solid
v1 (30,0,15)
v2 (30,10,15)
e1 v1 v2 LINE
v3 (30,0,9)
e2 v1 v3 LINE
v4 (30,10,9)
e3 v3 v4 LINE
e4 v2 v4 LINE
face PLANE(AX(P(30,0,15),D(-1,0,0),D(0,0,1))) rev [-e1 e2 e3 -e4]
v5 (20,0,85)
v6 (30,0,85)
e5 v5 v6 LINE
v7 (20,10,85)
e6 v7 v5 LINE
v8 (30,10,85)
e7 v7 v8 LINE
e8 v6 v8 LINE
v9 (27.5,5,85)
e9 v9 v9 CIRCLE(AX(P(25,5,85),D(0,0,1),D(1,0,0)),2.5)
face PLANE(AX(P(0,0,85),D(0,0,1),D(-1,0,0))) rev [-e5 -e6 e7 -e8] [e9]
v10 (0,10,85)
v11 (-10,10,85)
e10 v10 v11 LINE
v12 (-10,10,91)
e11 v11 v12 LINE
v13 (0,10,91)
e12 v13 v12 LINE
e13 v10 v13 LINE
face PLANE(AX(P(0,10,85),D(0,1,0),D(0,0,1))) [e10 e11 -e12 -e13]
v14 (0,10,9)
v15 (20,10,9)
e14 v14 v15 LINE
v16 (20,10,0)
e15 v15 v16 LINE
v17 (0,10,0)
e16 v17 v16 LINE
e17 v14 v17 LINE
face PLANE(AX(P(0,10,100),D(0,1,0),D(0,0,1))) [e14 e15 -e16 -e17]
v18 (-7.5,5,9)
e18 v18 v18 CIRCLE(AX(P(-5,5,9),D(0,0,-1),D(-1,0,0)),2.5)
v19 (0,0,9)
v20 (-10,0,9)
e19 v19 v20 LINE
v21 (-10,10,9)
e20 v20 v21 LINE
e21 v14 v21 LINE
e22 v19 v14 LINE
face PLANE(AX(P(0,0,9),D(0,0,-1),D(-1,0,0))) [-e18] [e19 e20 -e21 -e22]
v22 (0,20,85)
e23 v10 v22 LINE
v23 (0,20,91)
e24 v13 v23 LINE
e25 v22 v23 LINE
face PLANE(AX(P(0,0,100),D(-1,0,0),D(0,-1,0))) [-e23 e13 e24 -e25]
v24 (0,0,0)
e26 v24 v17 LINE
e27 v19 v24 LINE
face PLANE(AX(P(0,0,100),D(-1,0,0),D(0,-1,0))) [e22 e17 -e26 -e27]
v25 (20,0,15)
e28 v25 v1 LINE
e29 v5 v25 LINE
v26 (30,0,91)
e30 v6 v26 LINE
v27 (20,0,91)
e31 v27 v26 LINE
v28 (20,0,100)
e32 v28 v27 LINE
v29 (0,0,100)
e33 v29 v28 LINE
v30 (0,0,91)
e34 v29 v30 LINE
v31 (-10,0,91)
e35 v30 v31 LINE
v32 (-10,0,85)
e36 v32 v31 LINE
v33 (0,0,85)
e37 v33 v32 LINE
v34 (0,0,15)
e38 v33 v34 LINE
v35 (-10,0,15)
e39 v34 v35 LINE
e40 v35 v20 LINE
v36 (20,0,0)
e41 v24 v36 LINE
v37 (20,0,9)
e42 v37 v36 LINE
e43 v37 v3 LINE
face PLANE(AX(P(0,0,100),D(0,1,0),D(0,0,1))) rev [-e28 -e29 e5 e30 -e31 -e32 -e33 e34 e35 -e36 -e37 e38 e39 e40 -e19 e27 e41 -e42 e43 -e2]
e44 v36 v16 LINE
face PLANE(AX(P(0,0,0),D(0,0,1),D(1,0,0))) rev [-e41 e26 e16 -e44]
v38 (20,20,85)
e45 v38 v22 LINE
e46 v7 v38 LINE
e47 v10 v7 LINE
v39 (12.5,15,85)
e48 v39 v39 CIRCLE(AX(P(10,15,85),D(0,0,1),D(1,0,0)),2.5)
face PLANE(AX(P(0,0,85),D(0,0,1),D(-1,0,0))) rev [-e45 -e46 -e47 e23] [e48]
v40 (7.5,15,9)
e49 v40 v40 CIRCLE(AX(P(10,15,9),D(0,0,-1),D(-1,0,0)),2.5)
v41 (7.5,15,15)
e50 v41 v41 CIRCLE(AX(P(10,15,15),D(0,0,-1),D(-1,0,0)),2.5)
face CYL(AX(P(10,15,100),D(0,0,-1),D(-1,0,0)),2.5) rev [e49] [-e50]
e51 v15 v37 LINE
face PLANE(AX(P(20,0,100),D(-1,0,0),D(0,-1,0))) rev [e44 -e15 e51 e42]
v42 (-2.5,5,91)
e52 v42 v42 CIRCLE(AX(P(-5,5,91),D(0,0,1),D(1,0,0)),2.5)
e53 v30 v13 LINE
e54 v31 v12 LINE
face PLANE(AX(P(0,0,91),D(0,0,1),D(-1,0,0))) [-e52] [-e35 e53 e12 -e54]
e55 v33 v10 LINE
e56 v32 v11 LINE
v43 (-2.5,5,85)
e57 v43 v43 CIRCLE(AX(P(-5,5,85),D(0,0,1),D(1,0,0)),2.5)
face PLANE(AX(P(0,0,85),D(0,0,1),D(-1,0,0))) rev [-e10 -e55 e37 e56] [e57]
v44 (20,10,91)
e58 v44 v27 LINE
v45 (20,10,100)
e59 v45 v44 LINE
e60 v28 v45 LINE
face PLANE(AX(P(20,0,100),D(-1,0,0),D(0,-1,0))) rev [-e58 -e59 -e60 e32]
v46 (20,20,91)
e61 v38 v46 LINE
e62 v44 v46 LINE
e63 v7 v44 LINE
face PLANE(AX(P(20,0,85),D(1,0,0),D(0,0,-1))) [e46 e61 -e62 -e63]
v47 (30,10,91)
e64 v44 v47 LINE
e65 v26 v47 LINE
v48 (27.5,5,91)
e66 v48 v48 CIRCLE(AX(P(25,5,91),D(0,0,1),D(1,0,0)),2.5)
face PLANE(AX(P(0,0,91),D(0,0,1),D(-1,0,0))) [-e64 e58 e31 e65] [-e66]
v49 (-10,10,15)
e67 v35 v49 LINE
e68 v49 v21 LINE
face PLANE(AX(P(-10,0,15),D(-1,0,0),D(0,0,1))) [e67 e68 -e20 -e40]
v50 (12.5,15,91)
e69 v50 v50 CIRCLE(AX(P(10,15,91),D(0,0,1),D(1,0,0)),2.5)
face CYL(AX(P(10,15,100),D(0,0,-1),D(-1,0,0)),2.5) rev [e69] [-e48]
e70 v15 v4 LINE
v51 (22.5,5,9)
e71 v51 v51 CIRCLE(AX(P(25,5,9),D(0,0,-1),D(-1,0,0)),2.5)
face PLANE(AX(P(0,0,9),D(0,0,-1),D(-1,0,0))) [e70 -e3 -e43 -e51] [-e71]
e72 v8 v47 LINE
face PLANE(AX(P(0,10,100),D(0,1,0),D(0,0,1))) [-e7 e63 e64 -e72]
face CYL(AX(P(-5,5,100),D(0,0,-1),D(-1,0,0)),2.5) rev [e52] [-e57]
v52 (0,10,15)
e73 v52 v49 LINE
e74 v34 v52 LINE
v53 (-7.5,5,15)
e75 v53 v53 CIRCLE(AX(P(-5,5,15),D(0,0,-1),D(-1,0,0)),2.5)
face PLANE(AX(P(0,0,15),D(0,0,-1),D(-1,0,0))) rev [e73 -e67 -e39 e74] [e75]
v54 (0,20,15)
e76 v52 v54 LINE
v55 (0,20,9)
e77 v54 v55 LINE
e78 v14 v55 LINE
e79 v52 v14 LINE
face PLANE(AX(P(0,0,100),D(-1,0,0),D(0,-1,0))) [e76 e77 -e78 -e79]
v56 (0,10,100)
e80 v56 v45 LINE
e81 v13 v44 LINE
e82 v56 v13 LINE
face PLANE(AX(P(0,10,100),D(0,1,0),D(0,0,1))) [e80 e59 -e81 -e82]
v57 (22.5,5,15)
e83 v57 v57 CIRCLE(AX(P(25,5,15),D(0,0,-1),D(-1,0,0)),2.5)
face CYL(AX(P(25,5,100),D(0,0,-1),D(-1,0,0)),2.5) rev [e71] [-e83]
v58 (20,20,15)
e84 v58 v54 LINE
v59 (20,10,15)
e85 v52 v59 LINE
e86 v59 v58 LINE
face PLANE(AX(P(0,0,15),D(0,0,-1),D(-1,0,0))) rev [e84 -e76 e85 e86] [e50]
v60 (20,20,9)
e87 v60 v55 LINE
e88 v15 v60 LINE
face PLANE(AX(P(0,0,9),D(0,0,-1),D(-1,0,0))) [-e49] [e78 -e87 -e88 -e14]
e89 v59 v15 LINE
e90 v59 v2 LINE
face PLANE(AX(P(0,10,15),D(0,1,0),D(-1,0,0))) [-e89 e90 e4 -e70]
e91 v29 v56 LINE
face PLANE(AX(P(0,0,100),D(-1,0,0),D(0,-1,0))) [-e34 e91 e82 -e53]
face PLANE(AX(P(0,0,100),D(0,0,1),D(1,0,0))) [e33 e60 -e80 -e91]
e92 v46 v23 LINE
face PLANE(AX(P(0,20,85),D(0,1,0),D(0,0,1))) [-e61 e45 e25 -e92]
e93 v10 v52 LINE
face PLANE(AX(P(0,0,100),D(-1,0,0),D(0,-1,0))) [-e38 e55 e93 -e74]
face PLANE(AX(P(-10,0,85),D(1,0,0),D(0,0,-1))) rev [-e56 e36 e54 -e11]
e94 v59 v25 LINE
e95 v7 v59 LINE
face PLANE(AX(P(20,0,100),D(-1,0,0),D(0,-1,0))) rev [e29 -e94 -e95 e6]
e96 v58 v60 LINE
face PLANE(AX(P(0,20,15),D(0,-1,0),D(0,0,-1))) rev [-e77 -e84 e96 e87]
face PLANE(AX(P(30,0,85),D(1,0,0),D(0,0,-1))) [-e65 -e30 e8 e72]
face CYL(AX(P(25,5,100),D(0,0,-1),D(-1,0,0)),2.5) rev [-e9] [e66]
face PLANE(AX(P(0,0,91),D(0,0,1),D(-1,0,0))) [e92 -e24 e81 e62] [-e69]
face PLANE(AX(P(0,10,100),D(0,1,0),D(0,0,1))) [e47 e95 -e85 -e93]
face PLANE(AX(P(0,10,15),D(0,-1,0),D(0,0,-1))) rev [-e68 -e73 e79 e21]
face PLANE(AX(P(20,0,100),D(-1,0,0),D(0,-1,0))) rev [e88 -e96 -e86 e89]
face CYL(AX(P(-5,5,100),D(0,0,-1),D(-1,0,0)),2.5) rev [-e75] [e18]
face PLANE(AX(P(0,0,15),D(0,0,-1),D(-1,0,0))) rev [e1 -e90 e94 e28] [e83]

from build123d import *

# Parameters (mm, degrees)
SKETCH_1_W               = 20
SKETCH_1_H               = 10
EXTRUDE_1_DEPTH          = 100
EXTRUDE_START            = -9
SKETCH_2_W               = 10
SKETCH_2_H               = 10
SKETCH_2_W_2             = 20
EXTRUDE_2_DEPTH          = 6
CUT_EXTRUDE_1_DEPTH      = 98.88258272
CUT_EXTRUDE_1_DEPTH_BACK = 98.88258272
SKETCH_3_R               = 2.5


with BuildPart() as part:
    # 草图1 → 凸台-拉伸1 (new body)
    with BuildSketch(Plane.XY):
        with Locations((10, 5)):
            Rectangle(SKETCH_1_W, SKETCH_1_H)
    extrude(amount=EXTRUDE_1_DEPTH)

    # 草图2 → 凸台-拉伸2 (add)
    with BuildSketch(Plane(origin=(0, 0, 0), x_dir=(-1, 0, 0), z_dir=(0, 0, -1)).offset(EXTRUDE_START)):
        with Locations((-25, 5)):
            Rectangle(SKETCH_2_W, SKETCH_2_H)
        with Locations((-10, 15)):
            Rectangle(SKETCH_2_W_2, SKETCH_2_H)
        with Locations((5, 5)):
            Rectangle(SKETCH_2_W, SKETCH_2_H)
    extrude_2 = extrude(amount=-EXTRUDE_2_DEPTH)

    # 镜向1: 凸台-拉伸2 across plane
    add(extrude_2.mirror(Plane(origin=(0, 0, 50), x_dir=(1, 0, 0), z_dir=(0, 0, -1))))

    # 草图3 → 切除-拉伸1 (cut, two sides: drawn at the far end of the back side and taken through both)
    with BuildSketch(Plane(origin=(0, 0, 9), x_dir=(-1, 0, 0), z_dir=(0, 0, -1)).offset(-CUT_EXTRUDE_1_DEPTH_BACK)):
        with Locations(Location((5, 5, 0), (0, 0, 180))):
            Circle(SKETCH_3_R)
        with Locations(Location((-10, 15, 0), (0, 0, 180))):
            Circle(SKETCH_3_R)
        with Locations(Location((-25, 5, 0), (0, 0, 180))):
            Circle(SKETCH_3_R)
    extrude(amount=CUT_EXTRUDE_1_DEPTH + CUT_EXTRUDE_1_DEPTH_BACK, mode=Mode.SUBTRACT)


solid = part.part
